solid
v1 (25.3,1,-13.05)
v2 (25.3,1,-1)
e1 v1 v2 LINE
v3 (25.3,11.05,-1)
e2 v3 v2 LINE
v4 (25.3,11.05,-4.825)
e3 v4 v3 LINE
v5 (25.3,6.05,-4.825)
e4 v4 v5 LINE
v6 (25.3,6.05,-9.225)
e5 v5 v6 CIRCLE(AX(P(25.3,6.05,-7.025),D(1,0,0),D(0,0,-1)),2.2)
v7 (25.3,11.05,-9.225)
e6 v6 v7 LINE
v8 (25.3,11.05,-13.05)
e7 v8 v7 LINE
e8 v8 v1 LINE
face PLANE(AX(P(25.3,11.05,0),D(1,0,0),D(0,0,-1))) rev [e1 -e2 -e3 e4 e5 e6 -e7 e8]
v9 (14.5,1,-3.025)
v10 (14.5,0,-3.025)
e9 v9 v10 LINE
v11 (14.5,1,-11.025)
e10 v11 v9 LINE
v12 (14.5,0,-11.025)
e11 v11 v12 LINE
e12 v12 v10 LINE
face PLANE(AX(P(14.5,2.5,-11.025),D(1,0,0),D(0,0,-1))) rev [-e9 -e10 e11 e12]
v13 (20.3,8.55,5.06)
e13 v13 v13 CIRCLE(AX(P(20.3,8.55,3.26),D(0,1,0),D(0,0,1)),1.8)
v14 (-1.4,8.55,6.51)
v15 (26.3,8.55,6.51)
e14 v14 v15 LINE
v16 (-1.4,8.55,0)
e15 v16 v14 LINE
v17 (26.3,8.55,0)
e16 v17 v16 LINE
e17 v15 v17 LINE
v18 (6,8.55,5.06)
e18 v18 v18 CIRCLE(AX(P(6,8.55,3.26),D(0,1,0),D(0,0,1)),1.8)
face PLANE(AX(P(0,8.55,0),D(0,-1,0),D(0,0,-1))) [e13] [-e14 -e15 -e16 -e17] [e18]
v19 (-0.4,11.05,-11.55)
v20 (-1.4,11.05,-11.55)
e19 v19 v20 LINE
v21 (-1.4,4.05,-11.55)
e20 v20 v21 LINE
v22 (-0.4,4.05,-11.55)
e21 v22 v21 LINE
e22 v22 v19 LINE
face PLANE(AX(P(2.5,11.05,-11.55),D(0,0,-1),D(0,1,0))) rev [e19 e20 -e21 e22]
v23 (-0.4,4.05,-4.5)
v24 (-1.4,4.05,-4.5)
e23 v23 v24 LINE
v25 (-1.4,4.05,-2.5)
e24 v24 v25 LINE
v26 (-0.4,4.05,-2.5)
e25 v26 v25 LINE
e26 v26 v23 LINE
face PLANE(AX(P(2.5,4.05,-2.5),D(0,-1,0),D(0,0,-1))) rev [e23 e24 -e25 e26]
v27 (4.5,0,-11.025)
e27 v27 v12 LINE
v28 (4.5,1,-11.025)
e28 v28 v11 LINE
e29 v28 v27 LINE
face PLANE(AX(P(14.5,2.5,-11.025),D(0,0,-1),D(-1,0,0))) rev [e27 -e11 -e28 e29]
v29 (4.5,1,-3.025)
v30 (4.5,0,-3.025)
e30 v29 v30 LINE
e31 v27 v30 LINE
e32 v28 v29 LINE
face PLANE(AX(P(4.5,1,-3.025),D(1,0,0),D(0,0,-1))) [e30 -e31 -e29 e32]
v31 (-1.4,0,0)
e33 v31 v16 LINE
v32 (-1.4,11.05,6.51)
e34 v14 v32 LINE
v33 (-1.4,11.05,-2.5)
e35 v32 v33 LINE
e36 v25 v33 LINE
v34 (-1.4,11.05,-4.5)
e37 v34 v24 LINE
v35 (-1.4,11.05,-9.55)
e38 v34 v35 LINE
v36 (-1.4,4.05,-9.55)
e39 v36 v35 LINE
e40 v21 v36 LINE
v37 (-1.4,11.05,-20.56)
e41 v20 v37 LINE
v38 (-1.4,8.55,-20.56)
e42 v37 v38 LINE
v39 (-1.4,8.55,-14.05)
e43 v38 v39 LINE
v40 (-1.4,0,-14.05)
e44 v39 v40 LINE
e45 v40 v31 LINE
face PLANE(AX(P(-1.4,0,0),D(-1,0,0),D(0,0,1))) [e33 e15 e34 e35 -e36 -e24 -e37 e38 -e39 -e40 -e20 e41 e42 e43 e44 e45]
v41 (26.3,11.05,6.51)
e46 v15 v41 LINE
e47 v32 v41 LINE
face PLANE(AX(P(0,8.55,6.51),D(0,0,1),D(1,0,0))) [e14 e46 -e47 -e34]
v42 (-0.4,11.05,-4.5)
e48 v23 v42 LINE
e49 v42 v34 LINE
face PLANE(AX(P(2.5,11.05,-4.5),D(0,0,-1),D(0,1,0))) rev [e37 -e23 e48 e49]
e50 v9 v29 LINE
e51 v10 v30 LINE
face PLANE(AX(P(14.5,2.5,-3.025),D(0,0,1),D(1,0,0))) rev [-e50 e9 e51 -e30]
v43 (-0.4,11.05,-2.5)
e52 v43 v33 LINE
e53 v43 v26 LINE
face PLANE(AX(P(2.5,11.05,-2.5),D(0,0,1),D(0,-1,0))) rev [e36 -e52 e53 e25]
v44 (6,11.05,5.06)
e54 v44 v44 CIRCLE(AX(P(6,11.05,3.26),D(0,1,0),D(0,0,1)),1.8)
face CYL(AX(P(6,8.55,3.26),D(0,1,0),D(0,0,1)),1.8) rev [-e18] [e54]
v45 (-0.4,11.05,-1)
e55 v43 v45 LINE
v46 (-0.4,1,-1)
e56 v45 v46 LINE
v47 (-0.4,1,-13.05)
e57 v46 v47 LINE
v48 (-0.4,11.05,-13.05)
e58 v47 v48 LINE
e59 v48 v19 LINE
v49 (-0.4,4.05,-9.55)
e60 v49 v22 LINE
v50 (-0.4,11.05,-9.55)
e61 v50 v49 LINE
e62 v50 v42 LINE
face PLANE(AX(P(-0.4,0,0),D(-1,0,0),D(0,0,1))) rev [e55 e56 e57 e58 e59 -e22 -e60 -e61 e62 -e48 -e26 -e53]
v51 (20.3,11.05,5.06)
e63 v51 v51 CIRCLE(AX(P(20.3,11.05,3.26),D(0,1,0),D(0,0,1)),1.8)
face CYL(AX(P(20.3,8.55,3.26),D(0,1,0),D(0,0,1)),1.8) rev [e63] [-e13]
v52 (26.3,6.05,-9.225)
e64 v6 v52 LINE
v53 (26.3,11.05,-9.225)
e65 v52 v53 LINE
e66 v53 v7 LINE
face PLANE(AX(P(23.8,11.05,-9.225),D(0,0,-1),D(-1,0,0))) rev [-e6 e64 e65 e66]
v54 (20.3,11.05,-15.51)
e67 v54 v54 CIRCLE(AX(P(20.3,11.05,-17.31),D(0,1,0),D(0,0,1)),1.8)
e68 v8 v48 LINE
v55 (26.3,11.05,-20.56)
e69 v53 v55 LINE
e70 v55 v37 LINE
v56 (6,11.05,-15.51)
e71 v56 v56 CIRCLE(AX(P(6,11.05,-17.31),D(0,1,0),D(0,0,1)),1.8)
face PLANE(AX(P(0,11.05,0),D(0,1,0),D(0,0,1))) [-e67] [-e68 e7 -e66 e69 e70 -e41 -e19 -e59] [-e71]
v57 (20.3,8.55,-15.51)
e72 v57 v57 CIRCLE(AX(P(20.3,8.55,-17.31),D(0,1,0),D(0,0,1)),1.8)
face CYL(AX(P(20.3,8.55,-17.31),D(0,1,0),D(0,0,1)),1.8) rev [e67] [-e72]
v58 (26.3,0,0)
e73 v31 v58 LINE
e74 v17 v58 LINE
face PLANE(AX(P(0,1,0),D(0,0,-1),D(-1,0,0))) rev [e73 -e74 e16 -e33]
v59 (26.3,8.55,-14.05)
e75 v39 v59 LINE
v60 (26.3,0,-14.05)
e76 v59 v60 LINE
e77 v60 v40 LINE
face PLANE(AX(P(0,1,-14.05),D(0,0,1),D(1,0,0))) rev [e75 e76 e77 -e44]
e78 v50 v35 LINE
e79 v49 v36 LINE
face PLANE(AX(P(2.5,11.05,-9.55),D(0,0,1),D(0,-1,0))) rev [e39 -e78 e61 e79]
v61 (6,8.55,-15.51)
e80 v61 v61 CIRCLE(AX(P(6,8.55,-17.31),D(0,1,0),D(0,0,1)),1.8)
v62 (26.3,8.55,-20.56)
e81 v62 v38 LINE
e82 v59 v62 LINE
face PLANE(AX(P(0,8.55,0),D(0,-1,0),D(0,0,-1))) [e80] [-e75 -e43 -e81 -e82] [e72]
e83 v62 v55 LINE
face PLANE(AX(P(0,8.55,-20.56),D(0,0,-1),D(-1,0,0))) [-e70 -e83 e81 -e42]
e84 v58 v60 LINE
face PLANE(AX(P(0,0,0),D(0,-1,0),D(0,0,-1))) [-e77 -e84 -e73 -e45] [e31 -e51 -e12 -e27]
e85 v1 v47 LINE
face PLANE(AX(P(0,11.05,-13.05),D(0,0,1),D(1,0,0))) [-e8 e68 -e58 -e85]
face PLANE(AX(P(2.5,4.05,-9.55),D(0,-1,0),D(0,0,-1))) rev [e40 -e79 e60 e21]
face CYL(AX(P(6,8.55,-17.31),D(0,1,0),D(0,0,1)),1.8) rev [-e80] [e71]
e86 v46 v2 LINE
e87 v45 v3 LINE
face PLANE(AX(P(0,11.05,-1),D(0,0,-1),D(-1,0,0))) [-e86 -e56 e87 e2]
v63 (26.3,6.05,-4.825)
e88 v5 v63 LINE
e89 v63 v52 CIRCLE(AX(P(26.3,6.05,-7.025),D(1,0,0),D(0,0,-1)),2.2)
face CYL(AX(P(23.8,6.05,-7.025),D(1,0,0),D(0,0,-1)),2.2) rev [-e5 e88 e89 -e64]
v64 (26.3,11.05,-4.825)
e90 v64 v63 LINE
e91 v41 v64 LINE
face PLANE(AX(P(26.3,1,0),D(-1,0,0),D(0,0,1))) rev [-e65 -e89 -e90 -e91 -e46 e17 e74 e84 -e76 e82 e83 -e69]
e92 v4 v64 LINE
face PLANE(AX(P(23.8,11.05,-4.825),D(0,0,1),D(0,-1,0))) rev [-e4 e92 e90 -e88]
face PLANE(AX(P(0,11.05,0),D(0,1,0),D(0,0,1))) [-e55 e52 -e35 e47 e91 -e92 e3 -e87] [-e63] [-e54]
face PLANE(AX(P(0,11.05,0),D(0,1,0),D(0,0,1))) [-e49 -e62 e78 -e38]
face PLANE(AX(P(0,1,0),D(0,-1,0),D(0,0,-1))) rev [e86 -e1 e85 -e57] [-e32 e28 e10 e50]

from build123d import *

# Parameters (mm, degrees)
SKETCH1_W            = 26.3
SKETCH1_H            = 14.05
BOSS_EXTRUDE6_DEPTH  = 1
SKETCH5_W            = 24.3
SKETCH5_H            = 1
BOSS_EXTRUDE8_DEPTH  = 10.05
SKETCH6_W            = 26.3
SKETCH6_H            = 27.07
SKETCH6_W_2          = 24.3
SKETCH6_H_2          = 12.05
BOSS_EXTRUDE9_DEPTH  = 2.5
SKETCH7_R            = 1.8
CUT_EXTRUDE1_DEPTH   = 2.5
SKETCH8_W            = 4.4
SKETCH8_H            = 5
CUT_EXTRUDE2_DEPTH   = 2.5
CUT_EXTRUDE3_DEPTH   = 2.5
SKETCH10_W           = 12
SKETCH10_H           = 8
CUT_EXTRUDE5_DEPTH   = 2.5
SKETCH11_W           = 2
SKETCH11_H           = 7
CUT_EXTRUDE7_DEPTH   = 2.5
SKETCH12_W           = 2
SKETCH12_H           = 3
BOSS_EXTRUDE11_DEPTH = 1
SKETCH13_W           = 2
SKETCH13_H           = 8
BOSS_EXTRUDE14_DEPTH = 1
SKETCH14_W           = 2
SKETCH14_H           = 4
BOSS_EXTRUDE15_DEPTH = 1.4
SKETCH15_W           = 12.05
SKETCH15_H           = 10.05
CUT_EXTRUDE8_DEPTH   = 1.4
SKETCH16_W           = 2
SKETCH16_H           = 3
CUT_EXTRUDE9_DEPTH   = 1.4


with BuildPart() as part:
    # Sketch1 → Boss-Extrude6 (new body)
    with BuildSketch(Plane(origin=(0, 0, 0), x_dir=(1, 0, 0), z_dir=(0, 1, 0))):
        with Locations((13.15, 7.025)):
            Rectangle(SKETCH1_W, SKETCH1_H)
    extrude(amount=BOSS_EXTRUDE6_DEPTH)

    # Sketch5 → Boss-Extrude8 (add)
    with BuildSketch(Plane(origin=(0, 1, 0), x_dir=(1, 0, 0), z_dir=(0, 1, 0))):
        with Locations((13.15, 13.55)):
            Rectangle(SKETCH5_W, SKETCH5_H)
        Polygon((26.3, 14.05), (25.3, 14.05), (25.3, 13.05), (25.3, 1), (25.3, 0), (26.3, 0), align=None)
        with Locations((13.15, 0.5)):
            Rectangle(SKETCH5_W, SKETCH5_H)
        Polygon((1, 14.05), (0, 14.05), (0, 0), (1, 0), (1, 1), (1, 13.05), align=None)
    extrude(amount=BOSS_EXTRUDE8_DEPTH)

    # Sketch6 → Boss-Extrude9 (add)
    with BuildSketch(Plane(origin=(0, 11.05, 0), x_dir=(1, 0, 0), z_dir=(0, 1, 0))):
        with Locations((13.15, 7.025)):
            Rectangle(SKETCH6_W, SKETCH6_H)
        with Locations((13.15, 7.025)):
            Rectangle(SKETCH6_W_2, SKETCH6_H_2, mode=Mode.SUBTRACT)
    extrude(amount=-BOSS_EXTRUDE9_DEPTH)

    # Sketch7 → Cut-Extrude1 (cut)
    with BuildSketch(Plane(origin=(0, 11.05, 0), x_dir=(1, 0, 0), z_dir=(0, 1, 0))):
        with Locations(Location((6, -3.26, 0), (0, 0, 270))):
            Circle(SKETCH7_R)
        with Locations(Location((20.3, -3.26, 0), (0, 0, 270))):
            Circle(SKETCH7_R)
        with Locations(Location((6, 17.31, 0), (0, 0, 270))):
            Circle(SKETCH7_R)
        with Locations(Location((20.3, 17.31, 0), (0, 0, 270))):
            Circle(SKETCH7_R)
    extrude(amount=-CUT_EXTRUDE1_DEPTH, mode=Mode.SUBTRACT)

    # Sketch8 → Cut-Extrude2 (cut)
    with BuildSketch(Plane(origin=(26.3, 0, 0), x_dir=(0, 0, -1), z_dir=(1, 0, 0))):
        with Locations((7.025, 8.55)):
            Rectangle(SKETCH8_W, SKETCH8_H)
    extrude(amount=-CUT_EXTRUDE2_DEPTH, mode=Mode.SUBTRACT)

    # Sketch9 → Cut-Extrude3 (cut)
    with BuildSketch(Plane(origin=(26.3, 0, 0), x_dir=(0, 0, -1), z_dir=(1, 0, 0))):
        with BuildLine():
            Line((9.225, 6.05), (4.825, 6.05))
            ThreePointArc((4.825, 6.05), (7.025, 3.85), (9.225, 6.05))
        make_face()
    extrude(amount=-CUT_EXTRUDE3_DEPTH, mode=Mode.SUBTRACT)

    # Sketch10 → Cut-Extrude5 (cut)
    with BuildSketch(Plane.XZ):
        with Locations((8.5, -7.025)):
            Rectangle(SKETCH10_W, SKETCH10_H)
    extrude(amount=-CUT_EXTRUDE5_DEPTH, mode=Mode.SUBTRACT)

    # Sketch11 → Cut-Extrude7 (cut)
    with BuildSketch(Plane.ZY):
        with Locations((-3.5, 7.55)):
            Rectangle(SKETCH11_W, SKETCH11_H)
        with Locations((-10.55, 7.55)):
            Rectangle(SKETCH11_W, SKETCH11_H)
    extrude(amount=-CUT_EXTRUDE7_DEPTH, mode=Mode.SUBTRACT)

    # Sketch12 → Boss-Extrude11 (add)
    with BuildSketch(Plane.ZY):
        with Locations((-3.5, 9.55)):
            Rectangle(SKETCH12_W, SKETCH12_H)
        with Locations((-10.55, 9.55)):
            Rectangle(SKETCH12_W, SKETCH12_H)
    extrude(amount=-BOSS_EXTRUDE11_DEPTH)

    # Sketch13 → Boss-Extrude14 (add)
    with BuildSketch(Plane.XZ):
        with Locations((3.5, -7.025)):
            Rectangle(SKETCH13_W, SKETCH13_H)
    extrude(amount=-BOSS_EXTRUDE14_DEPTH)

    # Sketch14 → Boss-Extrude15 (add)
    with BuildSketch(Plane.ZY):
        Polygon((-20.56, 8.55), (-14.05, 8.55), (-14.05, 0), (0, 0), (0, 8.55), (6.51, 8.55), (6.51, 11.05), (-20.56, 11.05), align=None)
        with Locations((-10.55, 6.05)):
            Rectangle(SKETCH14_W, SKETCH14_H, mode=Mode.SUBTRACT)
        with Locations((-3.5, 6.05)):
            Rectangle(SKETCH14_W, SKETCH14_H, mode=Mode.SUBTRACT)
    extrude(amount=BOSS_EXTRUDE15_DEPTH)

    # Sketch15 → Cut-Extrude8 (cut)
    with BuildSketch(Plane(origin=(1, 0, 0), x_dir=(0, 0, -1), z_dir=(1, 0, 0))):
        with Locations((7.025, 6.025)):
            Rectangle(SKETCH15_W, SKETCH15_H)
    extrude(amount=-CUT_EXTRUDE8_DEPTH, mode=Mode.SUBTRACT)

    # Sketch16 → Cut-Extrude9 (cut)
    with BuildSketch(Plane.ZY.offset(1.4)):
        with Locations((-10.55, 9.55)):
            Rectangle(SKETCH16_W, SKETCH16_H)
        with Locations((-3.5, 9.55)):
            Rectangle(SKETCH16_W, SKETCH16_H)
    extrude(amount=-CUT_EXTRUDE9_DEPTH, mode=Mode.SUBTRACT)


solid = part.part
